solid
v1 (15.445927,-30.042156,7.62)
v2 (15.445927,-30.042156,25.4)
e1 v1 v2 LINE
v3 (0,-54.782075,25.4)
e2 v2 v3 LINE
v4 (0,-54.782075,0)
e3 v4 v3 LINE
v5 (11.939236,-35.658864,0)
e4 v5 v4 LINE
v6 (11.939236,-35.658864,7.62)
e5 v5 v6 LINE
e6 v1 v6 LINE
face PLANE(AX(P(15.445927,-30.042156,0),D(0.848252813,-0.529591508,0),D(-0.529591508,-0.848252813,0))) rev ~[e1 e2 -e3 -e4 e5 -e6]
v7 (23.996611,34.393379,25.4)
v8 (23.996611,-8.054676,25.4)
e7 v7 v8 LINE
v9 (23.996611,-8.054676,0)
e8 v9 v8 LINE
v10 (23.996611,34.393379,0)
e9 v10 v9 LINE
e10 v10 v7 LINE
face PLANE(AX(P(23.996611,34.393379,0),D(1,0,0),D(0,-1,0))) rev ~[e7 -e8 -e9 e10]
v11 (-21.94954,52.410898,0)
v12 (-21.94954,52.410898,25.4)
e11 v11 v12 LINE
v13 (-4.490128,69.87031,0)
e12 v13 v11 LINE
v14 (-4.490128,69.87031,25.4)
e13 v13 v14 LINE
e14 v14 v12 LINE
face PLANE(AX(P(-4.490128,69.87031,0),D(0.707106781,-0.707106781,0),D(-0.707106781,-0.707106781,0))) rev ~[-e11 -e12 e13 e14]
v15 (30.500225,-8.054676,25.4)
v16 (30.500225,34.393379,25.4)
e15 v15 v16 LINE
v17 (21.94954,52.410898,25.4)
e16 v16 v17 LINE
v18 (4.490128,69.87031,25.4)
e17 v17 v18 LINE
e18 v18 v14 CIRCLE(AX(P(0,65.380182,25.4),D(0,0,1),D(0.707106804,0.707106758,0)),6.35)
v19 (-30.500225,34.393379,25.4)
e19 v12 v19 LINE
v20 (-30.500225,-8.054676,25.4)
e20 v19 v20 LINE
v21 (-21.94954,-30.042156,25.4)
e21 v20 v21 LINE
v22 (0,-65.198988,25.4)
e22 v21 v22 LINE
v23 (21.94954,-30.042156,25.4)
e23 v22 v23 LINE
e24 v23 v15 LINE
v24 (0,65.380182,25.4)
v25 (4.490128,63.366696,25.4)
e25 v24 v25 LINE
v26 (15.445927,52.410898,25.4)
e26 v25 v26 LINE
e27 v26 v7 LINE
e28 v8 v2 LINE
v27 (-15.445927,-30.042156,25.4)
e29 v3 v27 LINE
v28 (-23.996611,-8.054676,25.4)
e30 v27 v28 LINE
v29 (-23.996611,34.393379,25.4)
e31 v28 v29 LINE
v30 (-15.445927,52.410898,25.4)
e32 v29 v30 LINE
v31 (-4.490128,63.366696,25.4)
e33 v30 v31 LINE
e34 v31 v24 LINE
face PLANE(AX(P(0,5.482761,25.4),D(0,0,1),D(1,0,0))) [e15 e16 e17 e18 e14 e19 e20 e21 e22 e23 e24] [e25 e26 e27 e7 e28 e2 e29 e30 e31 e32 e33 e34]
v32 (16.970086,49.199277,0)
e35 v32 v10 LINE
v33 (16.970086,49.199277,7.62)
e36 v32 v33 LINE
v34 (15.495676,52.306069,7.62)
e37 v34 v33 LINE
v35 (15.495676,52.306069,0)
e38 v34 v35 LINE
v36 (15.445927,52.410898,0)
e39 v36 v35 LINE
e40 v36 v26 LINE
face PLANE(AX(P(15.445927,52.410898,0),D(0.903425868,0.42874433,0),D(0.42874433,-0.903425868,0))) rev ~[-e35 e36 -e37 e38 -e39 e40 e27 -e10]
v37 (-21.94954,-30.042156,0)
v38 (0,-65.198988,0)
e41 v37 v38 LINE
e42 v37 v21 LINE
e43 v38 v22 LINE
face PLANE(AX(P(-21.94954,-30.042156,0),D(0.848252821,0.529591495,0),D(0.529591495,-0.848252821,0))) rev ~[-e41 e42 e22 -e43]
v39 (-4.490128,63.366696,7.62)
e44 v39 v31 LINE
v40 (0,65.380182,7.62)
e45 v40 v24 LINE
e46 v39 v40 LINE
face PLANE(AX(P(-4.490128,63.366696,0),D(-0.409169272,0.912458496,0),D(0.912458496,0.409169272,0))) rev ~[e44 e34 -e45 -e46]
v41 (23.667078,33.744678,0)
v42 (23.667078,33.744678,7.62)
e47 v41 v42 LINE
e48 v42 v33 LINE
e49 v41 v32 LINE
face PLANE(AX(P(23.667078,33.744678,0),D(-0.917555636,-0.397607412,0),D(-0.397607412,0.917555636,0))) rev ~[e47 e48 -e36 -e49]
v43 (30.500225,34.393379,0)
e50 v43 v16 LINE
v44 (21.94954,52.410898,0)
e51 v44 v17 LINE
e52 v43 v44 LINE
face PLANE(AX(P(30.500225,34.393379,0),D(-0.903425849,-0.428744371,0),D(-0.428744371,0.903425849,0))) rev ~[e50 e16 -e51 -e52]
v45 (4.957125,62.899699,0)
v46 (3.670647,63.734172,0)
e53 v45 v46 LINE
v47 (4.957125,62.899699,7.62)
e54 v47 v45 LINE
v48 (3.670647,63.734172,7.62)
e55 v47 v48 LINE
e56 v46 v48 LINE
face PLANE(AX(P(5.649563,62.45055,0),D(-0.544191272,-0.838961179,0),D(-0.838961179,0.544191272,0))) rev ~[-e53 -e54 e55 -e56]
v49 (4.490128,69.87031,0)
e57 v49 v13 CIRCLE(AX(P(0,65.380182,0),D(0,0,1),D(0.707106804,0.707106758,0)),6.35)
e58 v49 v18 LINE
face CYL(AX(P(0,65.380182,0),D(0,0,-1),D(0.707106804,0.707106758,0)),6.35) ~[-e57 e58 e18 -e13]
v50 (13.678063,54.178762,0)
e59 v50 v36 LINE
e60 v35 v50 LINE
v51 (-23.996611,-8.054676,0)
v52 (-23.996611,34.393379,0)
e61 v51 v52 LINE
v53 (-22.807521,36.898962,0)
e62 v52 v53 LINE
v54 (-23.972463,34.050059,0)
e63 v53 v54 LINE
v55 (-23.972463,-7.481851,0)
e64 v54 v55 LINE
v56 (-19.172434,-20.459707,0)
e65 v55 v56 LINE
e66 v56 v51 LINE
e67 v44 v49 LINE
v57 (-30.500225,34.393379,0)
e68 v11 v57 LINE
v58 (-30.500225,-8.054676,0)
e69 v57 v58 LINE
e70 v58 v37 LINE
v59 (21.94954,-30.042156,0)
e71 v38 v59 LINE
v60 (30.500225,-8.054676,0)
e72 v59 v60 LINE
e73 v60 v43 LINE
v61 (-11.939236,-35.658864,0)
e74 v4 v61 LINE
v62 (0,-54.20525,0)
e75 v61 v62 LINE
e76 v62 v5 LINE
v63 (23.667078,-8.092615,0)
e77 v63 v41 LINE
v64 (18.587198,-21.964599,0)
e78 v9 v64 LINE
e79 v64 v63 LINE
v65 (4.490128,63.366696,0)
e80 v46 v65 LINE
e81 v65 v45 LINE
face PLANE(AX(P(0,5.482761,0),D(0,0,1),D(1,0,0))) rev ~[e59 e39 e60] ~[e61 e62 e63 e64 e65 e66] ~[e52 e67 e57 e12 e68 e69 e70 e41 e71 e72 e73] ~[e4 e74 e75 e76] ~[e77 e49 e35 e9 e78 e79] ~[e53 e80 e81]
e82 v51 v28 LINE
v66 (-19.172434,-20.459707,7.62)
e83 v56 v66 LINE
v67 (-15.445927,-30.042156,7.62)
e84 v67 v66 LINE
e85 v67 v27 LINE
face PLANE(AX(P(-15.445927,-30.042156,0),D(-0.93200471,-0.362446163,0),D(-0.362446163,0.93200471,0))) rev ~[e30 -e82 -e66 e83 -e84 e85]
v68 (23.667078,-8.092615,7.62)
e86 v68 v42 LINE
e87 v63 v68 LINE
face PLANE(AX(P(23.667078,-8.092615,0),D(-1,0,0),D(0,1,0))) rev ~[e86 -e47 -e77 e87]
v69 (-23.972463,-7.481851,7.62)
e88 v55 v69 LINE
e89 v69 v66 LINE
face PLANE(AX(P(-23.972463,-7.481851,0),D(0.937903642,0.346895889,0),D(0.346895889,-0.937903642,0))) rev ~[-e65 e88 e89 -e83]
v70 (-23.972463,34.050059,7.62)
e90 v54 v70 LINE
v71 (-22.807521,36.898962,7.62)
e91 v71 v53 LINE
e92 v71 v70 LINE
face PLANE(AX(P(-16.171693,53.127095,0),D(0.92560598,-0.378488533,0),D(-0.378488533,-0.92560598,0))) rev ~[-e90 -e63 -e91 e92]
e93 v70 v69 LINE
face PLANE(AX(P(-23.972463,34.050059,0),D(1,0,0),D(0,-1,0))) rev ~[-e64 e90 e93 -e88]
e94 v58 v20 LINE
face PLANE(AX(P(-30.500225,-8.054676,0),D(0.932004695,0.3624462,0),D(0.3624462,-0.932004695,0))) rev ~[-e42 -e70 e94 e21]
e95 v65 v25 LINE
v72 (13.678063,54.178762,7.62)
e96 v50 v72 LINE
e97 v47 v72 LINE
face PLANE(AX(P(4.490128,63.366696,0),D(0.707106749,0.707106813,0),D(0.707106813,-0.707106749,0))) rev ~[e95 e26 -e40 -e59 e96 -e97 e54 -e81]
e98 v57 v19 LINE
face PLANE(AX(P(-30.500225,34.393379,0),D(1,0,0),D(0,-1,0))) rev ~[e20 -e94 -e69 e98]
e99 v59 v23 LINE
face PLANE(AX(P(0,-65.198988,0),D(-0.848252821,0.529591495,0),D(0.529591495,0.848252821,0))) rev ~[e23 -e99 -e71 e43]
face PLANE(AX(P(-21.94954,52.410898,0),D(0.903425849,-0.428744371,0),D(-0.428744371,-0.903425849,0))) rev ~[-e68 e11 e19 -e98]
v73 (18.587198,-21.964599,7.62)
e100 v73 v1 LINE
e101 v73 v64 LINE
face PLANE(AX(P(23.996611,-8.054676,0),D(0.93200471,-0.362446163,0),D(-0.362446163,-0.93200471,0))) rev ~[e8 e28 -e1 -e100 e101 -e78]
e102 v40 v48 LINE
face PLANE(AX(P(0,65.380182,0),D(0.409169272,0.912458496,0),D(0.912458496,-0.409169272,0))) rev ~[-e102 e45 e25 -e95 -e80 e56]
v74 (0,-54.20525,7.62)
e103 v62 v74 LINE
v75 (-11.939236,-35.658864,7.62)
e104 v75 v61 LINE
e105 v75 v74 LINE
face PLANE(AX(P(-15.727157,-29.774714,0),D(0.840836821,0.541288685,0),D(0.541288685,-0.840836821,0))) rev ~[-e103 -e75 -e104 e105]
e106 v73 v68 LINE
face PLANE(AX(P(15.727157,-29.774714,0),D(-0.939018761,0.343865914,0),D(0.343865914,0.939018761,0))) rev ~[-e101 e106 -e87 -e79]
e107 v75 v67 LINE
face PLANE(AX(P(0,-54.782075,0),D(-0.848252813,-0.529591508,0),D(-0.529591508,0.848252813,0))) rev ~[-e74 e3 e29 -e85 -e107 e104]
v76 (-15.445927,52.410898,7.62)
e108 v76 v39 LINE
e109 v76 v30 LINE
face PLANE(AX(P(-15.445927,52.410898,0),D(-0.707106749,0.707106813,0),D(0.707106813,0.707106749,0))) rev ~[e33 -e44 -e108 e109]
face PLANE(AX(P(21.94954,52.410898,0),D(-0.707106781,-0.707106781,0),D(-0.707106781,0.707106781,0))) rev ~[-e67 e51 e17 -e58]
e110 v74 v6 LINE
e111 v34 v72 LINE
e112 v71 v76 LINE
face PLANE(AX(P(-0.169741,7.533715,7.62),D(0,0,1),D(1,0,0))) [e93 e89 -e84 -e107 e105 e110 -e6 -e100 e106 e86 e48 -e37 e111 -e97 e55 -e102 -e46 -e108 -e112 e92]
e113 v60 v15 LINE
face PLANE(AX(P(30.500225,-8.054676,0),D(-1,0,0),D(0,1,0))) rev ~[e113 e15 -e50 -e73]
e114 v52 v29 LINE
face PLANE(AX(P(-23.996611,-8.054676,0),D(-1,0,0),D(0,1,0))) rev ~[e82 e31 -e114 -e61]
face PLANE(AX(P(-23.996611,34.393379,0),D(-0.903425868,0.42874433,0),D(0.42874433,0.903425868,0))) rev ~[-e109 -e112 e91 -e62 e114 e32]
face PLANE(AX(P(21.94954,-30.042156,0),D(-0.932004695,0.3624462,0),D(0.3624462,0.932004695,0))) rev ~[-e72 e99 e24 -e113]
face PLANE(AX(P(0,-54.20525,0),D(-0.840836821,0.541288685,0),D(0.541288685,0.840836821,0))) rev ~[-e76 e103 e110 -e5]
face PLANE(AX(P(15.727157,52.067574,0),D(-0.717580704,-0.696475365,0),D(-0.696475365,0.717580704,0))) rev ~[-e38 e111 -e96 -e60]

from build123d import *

# Parameters (mm, degrees)
F1_DEPTH = 25.4
F3_DEPTH = 7.62


with BuildPart() as f1:
    # F0 (on Top) → F1 (new body)
    with BuildSketch(Plane.XY):
        with BuildLine():
            Line((-21.94954, -30.042156), (0, -65.198988))
            Line((0, -65.198988), (21.94954, -30.042156))
            Line((21.94954, -30.042156), (30.500225, -8.054676))
            Line((30.500225, -8.054676), (30.500225, 34.393379))
            Line((30.500225, 34.393379), (21.94954, 52.410898))
            Line((21.94954, 52.410898), (4.490128, 69.87031))
            ThreePointArc((4.490128, 69.87031), (0, 71.730182), (-4.490128, 69.87031))
            Line((-4.490128, 69.87031), (-21.94954, 52.410898))
            Line((-21.94954, 52.410898), (-30.500225, 34.393379))
            Line((-30.500225, 34.393379), (-30.500225, -8.054676))
            Line((-30.500225, -8.054676), (-21.94954, -30.042156))
        make_face()
        Polygon((-15.445927, 52.410898), (-4.490128, 63.366696), (0, 65.380182), (4.490128, 63.366696), (15.445927, 52.410898), (23.996611, 34.393379), (23.996611, -8.054676), (15.445927, -30.042156), (0, -54.782075), (-15.445927, -30.042156), (-23.996611, -8.054676), (-23.996611, 34.393379), align=None, mode=Mode.SUBTRACT)
    extrude(amount=F1_DEPTH)

    # F2 (on Top) → F3 (join)
    with BuildSketch(Plane.XY):
        Polygon((-16.171693, 53.127095), (-23.972463, 34.050059), (-23.972463, -7.481851), (-15.727157, -29.774714), (0, -54.20525), (15.727157, -29.774714), (23.667078, -8.092615), (23.667078, 33.744678), (15.727157, 52.067574), (5.649563, 62.45055), (0, 66.115133), (-6.565708, 62.45055), align=None)
    extrude(amount=F3_DEPTH)


solid = f1.part
